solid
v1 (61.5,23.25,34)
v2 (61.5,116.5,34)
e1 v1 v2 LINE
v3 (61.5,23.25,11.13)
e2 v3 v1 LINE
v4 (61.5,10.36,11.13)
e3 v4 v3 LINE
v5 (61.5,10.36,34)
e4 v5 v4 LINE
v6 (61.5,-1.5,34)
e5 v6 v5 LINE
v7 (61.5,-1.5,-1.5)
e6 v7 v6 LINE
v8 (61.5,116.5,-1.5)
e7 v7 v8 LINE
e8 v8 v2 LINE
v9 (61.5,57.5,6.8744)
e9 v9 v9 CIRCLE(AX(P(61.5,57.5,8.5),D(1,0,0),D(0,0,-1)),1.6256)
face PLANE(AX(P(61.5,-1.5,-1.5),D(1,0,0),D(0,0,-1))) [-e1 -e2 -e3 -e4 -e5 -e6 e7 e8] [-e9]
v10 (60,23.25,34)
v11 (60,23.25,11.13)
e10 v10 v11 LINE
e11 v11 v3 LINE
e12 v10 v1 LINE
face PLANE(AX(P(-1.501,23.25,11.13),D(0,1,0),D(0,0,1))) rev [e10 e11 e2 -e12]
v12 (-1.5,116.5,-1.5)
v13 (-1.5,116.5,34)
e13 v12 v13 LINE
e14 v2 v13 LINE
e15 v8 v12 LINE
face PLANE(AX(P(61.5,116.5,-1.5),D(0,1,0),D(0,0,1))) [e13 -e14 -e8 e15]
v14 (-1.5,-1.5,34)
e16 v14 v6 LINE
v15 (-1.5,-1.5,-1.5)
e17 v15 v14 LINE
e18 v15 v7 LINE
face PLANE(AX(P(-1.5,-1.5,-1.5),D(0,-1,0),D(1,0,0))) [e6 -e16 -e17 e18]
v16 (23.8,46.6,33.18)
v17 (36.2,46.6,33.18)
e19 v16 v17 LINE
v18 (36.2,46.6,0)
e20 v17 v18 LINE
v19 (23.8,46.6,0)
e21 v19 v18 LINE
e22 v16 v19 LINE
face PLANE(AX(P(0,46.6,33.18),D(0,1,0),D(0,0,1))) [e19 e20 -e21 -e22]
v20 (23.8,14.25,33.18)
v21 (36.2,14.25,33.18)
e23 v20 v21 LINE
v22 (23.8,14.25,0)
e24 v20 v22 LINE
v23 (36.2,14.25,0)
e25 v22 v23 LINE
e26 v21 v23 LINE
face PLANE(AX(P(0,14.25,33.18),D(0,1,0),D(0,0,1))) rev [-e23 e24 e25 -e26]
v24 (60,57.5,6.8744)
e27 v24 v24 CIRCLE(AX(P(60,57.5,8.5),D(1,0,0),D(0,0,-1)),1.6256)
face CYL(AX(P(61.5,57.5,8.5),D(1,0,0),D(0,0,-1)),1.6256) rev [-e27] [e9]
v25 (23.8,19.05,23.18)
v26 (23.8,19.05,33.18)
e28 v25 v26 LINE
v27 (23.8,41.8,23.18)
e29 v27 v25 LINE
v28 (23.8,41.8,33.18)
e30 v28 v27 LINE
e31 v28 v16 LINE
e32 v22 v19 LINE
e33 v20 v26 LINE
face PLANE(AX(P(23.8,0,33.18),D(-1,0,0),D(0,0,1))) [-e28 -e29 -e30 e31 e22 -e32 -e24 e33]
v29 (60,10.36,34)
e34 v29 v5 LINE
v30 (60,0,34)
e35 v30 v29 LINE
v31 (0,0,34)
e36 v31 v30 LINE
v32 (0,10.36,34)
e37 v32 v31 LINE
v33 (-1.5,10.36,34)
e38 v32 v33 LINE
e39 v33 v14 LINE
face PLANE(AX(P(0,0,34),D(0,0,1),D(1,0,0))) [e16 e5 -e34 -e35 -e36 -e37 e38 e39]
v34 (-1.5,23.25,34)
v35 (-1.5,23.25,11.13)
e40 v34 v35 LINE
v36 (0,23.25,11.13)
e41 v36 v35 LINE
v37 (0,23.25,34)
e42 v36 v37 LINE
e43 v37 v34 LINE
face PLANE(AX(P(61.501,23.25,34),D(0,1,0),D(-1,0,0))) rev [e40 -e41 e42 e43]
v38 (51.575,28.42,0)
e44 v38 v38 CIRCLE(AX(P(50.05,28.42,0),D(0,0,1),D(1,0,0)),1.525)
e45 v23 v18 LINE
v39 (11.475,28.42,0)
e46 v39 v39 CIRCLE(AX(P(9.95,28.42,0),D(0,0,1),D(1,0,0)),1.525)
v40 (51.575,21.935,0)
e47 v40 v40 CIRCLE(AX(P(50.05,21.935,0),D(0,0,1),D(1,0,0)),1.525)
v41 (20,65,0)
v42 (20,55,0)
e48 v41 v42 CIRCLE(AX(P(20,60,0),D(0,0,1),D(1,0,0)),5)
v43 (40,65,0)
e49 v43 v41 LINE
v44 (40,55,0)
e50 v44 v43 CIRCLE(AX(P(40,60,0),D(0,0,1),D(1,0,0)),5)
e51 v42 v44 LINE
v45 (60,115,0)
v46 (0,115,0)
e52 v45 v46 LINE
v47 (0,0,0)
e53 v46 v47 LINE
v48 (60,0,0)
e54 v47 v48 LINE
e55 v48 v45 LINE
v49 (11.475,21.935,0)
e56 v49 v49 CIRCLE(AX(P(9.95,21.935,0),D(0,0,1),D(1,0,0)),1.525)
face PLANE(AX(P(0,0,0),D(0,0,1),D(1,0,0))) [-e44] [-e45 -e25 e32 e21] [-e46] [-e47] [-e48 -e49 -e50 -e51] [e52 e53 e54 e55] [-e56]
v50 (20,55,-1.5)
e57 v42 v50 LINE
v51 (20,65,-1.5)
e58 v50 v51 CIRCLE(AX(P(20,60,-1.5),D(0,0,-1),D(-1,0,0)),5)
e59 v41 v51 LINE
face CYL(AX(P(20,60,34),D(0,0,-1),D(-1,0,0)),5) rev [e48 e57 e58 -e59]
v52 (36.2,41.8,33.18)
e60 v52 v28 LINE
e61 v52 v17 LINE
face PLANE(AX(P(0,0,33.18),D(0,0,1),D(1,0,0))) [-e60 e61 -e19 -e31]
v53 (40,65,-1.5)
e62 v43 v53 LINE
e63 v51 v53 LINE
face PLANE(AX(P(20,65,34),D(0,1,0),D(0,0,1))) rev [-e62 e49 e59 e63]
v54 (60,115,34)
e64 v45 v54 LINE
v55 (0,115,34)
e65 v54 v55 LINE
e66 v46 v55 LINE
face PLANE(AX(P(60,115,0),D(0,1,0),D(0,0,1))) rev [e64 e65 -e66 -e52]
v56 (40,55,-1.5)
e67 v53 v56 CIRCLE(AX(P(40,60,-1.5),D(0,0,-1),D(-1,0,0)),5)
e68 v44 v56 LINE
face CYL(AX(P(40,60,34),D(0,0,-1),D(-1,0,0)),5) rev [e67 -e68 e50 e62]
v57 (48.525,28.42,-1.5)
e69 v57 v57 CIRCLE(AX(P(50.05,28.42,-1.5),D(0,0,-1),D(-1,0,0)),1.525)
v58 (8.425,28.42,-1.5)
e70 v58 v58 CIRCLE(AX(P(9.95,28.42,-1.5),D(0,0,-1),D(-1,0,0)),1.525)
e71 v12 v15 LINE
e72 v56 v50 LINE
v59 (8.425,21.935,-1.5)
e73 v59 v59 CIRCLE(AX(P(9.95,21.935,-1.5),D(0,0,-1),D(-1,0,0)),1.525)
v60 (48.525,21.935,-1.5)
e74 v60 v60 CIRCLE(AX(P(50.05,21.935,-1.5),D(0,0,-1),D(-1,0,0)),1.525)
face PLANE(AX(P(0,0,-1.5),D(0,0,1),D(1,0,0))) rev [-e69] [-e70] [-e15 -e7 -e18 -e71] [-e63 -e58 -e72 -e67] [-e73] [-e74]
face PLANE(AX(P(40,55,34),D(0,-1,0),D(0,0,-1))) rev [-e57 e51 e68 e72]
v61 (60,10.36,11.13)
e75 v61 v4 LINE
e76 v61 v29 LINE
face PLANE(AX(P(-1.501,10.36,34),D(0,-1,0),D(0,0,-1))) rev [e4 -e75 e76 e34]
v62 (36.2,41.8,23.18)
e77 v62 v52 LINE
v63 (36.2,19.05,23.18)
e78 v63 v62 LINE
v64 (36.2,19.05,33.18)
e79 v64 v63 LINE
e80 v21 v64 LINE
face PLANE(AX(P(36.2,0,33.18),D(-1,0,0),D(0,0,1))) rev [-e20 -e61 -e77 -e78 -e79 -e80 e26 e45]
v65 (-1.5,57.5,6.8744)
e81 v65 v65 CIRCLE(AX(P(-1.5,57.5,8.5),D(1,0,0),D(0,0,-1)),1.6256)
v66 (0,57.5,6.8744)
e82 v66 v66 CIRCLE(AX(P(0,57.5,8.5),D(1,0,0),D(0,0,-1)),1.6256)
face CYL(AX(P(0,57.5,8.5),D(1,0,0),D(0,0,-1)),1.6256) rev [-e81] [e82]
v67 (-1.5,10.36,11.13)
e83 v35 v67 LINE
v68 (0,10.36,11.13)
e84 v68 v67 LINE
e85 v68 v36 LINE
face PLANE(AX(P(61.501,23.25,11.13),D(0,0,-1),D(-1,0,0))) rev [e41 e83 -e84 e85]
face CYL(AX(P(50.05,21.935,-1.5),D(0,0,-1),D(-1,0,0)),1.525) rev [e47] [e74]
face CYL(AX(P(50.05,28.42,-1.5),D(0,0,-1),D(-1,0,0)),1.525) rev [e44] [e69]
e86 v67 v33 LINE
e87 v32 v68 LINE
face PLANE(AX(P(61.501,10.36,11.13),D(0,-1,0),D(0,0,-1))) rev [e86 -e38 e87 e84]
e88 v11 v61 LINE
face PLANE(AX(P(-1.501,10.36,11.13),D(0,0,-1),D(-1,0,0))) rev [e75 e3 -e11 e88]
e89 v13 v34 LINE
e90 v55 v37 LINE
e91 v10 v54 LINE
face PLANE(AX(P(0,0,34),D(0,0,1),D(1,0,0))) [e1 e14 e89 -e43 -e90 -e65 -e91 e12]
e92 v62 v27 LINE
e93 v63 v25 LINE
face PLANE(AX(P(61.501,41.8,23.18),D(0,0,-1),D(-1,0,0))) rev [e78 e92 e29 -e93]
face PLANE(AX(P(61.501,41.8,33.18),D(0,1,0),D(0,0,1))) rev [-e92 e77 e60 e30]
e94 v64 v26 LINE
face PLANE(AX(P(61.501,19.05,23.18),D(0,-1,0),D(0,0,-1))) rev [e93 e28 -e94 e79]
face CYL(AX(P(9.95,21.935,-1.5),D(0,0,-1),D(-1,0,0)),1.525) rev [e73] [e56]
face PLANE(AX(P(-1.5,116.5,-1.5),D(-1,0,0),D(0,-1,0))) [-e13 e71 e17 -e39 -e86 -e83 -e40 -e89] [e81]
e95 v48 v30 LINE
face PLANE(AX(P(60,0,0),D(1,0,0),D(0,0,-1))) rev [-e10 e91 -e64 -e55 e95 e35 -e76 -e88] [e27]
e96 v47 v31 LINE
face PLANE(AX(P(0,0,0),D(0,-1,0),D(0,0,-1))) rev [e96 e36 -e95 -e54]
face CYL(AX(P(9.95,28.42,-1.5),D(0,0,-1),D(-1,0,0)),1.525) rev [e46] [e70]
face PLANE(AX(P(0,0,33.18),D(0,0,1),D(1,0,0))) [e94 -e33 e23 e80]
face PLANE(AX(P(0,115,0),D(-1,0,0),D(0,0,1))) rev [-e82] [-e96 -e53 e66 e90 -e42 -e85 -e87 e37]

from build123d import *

# Parameters (mm, degrees)
SKETCH1_W                  = 63
SKETCH1_H                  = 118
BOSS_EXTRUDE1_DEPTH        = 35.5
SKETCH2_W                  = 60
SKETCH2_H                  = 115
CUT_EXTRUDE1_DEPTH         = 34
SKETCH3_W                  = 12.4
SKETCH3_H                  = 3.3
SKETCH3_H_2                = 1.5
SKETCH3_H_3                = 22.75
BOSS_EXTRUDE2_DEPTH        = 33.18
CUT_EXTRUDE2_REACH         = 129.081
SKETCH4_W                  = 10
SKETCH4_H                  = 22.75
CUT_EXTRUDE3_REACH         = 138.738
SKETCH5_W                  = 22.87
SKETCH5_H                  = 12.89
CUT_EXTRUDE4_REACH         = 138.738
SKETCH6_W                  = 22.87
SKETCH6_H                  = 12.89
CUT_EXTRUDE5_DEPTH         = 137.435882377
M2_5_CLEARANCE_HOLE1_D     = 3.05
M2_5_CLEARANCE_HOLE1_DEPTH = 35.5
M3_CLEARANCE_HOLE1_D       = 3.2512
M3_CLEARANCE_HOLE1_DEPTH   = 1.5
M3_CLEARANCE_HOLE2_D       = 3.2512
M3_CLEARANCE_HOLE2_DEPTH   = 63


with BuildPart() as part:
    # Sketch1 → Boss-Extrude1 (new body)
    with BuildSketch(Plane.XY.offset(34)):
        with Locations((30, 57.5)):
            Rectangle(SKETCH1_W, SKETCH1_H)
    extrude(amount=-BOSS_EXTRUDE1_DEPTH)

    # Sketch2 → Cut-Extrude1 (cut)
    with BuildSketch(Plane.XY.offset(34)):
        with Locations((30, 57.5)):
            Rectangle(SKETCH2_W, SKETCH2_H)
    extrude(amount=-CUT_EXTRUDE1_DEPTH, mode=Mode.SUBTRACT)

    # Sketch3 → Boss-Extrude2 (add)
    with BuildSketch(Plane.XY):
        with Locations((30, 15.9)):
            Rectangle(SKETCH3_W, SKETCH3_H)
        with Locations((30, 18.3)):
            Rectangle(SKETCH3_W, SKETCH3_H_2)
        with Locations((30, 30.425)):
            Rectangle(SKETCH3_W, SKETCH3_H_3)
        with Locations((30, 44.95)):
            Rectangle(SKETCH3_W, SKETCH3_H)
        with Locations((30, 42.55)):
            Rectangle(SKETCH3_W, SKETCH3_H_2)
    extrude(amount=BOSS_EXTRUDE2_DEPTH)

    # Sketch4 → Cut-Extrude2 (cut, up to next)
    with BuildSketch(Plane.ZY.offset(-23.8), mode=Mode.PRIVATE) as cut_extrude2_sk1:
        with Locations((28.18, 30.425)):
            Rectangle(SKETCH4_W, SKETCH4_H)
    cut_extrude2_tool1 = extrude(cut_extrude2_sk1.sketch, amount=-CUT_EXTRUDE2_REACH, mode=Mode.PRIVATE) & part.part
    add(cut_extrude2_tool1.solids().sort_by_distance((23.8, 30.425, 28.18))[0], mode=Mode.SUBTRACT)

    # Sketch5 → Cut-Extrude3 (cut, up to next)
    with BuildSketch(Plane(origin=(61.5, 0, 0), x_dir=(0, 0, -1), z_dir=(1, 0, 0)), mode=Mode.PRIVATE) as cut_extrude3_sk1:
        with Locations((-22.565, 16.805)):
            Rectangle(SKETCH5_W, SKETCH5_H)
    cut_extrude3_tool1 = extrude(cut_extrude3_sk1.sketch, amount=-CUT_EXTRUDE3_REACH, mode=Mode.PRIVATE) & part.part
    add(cut_extrude3_tool1.solids().sort_by_distance((61.5, 16.805, 22.565))[0], mode=Mode.SUBTRACT)

    # Sketch6 → Cut-Extrude4 (cut, up to next)
    with BuildSketch(Plane.ZY.offset(1.5), mode=Mode.PRIVATE) as cut_extrude4_sk1:
        with Locations((22.565, 16.805)):
            Rectangle(SKETCH6_W, SKETCH6_H)
    cut_extrude4_tool1 = extrude(cut_extrude4_sk1.sketch, amount=-CUT_EXTRUDE4_REACH, mode=Mode.PRIVATE) & part.part
    add(cut_extrude4_tool1.solids().sort_by_distance((-1.5, 16.805, 22.565))[0], mode=Mode.SUBTRACT)

    # Sketch7 → Cut-Extrude5 (cut, through all)
    with BuildSketch(Plane(origin=(0, 0, -1.5), x_dir=(-1, 0, 0), z_dir=(0, 0, -1))):
        with BuildLine():
            Line((-40, 55), (-20, 55))
            ThreePointArc((-20, 55), (-15, 60), (-20, 65))
            Line((-20, 65), (-40, 65))
            ThreePointArc((-40, 65), (-45, 60), (-40, 55))
        make_face()
    extrude(amount=-CUT_EXTRUDE5_DEPTH, mode=Mode.SUBTRACT)

    # M2.5 Clearance Hole1
    with Locations(Plane(origin=(0, 0, -1.5), x_dir=(-1, 0, 0), z_dir=(0, 0, -1))):
        with Locations((-9.95, 28.42), (-9.95, 21.935), (-50.05, 28.42), (-50.05, 21.935)):
            Hole(M2_5_CLEARANCE_HOLE1_D / 2, depth=M2_5_CLEARANCE_HOLE1_DEPTH)

    # M3 Clearance Hole1
    with Locations(Plane(origin=(0, 0, 0), x_dir=(0, 0, -1), z_dir=(1, 0, 0))):
        with Locations((-8.5, 57.5)):
            Hole(M3_CLEARANCE_HOLE1_D / 2, depth=M3_CLEARANCE_HOLE1_DEPTH)

    # M3 Clearance Hole2
    with Locations(Plane(origin=(61.5, 0, 0), x_dir=(0, 0, -1), z_dir=(1, 0, 0))):
        with Locations((-8.5, 57.5)):
            Hole(M3_CLEARANCE_HOLE2_D / 2, depth=M3_CLEARANCE_HOLE2_DEPTH)


solid = part.part
